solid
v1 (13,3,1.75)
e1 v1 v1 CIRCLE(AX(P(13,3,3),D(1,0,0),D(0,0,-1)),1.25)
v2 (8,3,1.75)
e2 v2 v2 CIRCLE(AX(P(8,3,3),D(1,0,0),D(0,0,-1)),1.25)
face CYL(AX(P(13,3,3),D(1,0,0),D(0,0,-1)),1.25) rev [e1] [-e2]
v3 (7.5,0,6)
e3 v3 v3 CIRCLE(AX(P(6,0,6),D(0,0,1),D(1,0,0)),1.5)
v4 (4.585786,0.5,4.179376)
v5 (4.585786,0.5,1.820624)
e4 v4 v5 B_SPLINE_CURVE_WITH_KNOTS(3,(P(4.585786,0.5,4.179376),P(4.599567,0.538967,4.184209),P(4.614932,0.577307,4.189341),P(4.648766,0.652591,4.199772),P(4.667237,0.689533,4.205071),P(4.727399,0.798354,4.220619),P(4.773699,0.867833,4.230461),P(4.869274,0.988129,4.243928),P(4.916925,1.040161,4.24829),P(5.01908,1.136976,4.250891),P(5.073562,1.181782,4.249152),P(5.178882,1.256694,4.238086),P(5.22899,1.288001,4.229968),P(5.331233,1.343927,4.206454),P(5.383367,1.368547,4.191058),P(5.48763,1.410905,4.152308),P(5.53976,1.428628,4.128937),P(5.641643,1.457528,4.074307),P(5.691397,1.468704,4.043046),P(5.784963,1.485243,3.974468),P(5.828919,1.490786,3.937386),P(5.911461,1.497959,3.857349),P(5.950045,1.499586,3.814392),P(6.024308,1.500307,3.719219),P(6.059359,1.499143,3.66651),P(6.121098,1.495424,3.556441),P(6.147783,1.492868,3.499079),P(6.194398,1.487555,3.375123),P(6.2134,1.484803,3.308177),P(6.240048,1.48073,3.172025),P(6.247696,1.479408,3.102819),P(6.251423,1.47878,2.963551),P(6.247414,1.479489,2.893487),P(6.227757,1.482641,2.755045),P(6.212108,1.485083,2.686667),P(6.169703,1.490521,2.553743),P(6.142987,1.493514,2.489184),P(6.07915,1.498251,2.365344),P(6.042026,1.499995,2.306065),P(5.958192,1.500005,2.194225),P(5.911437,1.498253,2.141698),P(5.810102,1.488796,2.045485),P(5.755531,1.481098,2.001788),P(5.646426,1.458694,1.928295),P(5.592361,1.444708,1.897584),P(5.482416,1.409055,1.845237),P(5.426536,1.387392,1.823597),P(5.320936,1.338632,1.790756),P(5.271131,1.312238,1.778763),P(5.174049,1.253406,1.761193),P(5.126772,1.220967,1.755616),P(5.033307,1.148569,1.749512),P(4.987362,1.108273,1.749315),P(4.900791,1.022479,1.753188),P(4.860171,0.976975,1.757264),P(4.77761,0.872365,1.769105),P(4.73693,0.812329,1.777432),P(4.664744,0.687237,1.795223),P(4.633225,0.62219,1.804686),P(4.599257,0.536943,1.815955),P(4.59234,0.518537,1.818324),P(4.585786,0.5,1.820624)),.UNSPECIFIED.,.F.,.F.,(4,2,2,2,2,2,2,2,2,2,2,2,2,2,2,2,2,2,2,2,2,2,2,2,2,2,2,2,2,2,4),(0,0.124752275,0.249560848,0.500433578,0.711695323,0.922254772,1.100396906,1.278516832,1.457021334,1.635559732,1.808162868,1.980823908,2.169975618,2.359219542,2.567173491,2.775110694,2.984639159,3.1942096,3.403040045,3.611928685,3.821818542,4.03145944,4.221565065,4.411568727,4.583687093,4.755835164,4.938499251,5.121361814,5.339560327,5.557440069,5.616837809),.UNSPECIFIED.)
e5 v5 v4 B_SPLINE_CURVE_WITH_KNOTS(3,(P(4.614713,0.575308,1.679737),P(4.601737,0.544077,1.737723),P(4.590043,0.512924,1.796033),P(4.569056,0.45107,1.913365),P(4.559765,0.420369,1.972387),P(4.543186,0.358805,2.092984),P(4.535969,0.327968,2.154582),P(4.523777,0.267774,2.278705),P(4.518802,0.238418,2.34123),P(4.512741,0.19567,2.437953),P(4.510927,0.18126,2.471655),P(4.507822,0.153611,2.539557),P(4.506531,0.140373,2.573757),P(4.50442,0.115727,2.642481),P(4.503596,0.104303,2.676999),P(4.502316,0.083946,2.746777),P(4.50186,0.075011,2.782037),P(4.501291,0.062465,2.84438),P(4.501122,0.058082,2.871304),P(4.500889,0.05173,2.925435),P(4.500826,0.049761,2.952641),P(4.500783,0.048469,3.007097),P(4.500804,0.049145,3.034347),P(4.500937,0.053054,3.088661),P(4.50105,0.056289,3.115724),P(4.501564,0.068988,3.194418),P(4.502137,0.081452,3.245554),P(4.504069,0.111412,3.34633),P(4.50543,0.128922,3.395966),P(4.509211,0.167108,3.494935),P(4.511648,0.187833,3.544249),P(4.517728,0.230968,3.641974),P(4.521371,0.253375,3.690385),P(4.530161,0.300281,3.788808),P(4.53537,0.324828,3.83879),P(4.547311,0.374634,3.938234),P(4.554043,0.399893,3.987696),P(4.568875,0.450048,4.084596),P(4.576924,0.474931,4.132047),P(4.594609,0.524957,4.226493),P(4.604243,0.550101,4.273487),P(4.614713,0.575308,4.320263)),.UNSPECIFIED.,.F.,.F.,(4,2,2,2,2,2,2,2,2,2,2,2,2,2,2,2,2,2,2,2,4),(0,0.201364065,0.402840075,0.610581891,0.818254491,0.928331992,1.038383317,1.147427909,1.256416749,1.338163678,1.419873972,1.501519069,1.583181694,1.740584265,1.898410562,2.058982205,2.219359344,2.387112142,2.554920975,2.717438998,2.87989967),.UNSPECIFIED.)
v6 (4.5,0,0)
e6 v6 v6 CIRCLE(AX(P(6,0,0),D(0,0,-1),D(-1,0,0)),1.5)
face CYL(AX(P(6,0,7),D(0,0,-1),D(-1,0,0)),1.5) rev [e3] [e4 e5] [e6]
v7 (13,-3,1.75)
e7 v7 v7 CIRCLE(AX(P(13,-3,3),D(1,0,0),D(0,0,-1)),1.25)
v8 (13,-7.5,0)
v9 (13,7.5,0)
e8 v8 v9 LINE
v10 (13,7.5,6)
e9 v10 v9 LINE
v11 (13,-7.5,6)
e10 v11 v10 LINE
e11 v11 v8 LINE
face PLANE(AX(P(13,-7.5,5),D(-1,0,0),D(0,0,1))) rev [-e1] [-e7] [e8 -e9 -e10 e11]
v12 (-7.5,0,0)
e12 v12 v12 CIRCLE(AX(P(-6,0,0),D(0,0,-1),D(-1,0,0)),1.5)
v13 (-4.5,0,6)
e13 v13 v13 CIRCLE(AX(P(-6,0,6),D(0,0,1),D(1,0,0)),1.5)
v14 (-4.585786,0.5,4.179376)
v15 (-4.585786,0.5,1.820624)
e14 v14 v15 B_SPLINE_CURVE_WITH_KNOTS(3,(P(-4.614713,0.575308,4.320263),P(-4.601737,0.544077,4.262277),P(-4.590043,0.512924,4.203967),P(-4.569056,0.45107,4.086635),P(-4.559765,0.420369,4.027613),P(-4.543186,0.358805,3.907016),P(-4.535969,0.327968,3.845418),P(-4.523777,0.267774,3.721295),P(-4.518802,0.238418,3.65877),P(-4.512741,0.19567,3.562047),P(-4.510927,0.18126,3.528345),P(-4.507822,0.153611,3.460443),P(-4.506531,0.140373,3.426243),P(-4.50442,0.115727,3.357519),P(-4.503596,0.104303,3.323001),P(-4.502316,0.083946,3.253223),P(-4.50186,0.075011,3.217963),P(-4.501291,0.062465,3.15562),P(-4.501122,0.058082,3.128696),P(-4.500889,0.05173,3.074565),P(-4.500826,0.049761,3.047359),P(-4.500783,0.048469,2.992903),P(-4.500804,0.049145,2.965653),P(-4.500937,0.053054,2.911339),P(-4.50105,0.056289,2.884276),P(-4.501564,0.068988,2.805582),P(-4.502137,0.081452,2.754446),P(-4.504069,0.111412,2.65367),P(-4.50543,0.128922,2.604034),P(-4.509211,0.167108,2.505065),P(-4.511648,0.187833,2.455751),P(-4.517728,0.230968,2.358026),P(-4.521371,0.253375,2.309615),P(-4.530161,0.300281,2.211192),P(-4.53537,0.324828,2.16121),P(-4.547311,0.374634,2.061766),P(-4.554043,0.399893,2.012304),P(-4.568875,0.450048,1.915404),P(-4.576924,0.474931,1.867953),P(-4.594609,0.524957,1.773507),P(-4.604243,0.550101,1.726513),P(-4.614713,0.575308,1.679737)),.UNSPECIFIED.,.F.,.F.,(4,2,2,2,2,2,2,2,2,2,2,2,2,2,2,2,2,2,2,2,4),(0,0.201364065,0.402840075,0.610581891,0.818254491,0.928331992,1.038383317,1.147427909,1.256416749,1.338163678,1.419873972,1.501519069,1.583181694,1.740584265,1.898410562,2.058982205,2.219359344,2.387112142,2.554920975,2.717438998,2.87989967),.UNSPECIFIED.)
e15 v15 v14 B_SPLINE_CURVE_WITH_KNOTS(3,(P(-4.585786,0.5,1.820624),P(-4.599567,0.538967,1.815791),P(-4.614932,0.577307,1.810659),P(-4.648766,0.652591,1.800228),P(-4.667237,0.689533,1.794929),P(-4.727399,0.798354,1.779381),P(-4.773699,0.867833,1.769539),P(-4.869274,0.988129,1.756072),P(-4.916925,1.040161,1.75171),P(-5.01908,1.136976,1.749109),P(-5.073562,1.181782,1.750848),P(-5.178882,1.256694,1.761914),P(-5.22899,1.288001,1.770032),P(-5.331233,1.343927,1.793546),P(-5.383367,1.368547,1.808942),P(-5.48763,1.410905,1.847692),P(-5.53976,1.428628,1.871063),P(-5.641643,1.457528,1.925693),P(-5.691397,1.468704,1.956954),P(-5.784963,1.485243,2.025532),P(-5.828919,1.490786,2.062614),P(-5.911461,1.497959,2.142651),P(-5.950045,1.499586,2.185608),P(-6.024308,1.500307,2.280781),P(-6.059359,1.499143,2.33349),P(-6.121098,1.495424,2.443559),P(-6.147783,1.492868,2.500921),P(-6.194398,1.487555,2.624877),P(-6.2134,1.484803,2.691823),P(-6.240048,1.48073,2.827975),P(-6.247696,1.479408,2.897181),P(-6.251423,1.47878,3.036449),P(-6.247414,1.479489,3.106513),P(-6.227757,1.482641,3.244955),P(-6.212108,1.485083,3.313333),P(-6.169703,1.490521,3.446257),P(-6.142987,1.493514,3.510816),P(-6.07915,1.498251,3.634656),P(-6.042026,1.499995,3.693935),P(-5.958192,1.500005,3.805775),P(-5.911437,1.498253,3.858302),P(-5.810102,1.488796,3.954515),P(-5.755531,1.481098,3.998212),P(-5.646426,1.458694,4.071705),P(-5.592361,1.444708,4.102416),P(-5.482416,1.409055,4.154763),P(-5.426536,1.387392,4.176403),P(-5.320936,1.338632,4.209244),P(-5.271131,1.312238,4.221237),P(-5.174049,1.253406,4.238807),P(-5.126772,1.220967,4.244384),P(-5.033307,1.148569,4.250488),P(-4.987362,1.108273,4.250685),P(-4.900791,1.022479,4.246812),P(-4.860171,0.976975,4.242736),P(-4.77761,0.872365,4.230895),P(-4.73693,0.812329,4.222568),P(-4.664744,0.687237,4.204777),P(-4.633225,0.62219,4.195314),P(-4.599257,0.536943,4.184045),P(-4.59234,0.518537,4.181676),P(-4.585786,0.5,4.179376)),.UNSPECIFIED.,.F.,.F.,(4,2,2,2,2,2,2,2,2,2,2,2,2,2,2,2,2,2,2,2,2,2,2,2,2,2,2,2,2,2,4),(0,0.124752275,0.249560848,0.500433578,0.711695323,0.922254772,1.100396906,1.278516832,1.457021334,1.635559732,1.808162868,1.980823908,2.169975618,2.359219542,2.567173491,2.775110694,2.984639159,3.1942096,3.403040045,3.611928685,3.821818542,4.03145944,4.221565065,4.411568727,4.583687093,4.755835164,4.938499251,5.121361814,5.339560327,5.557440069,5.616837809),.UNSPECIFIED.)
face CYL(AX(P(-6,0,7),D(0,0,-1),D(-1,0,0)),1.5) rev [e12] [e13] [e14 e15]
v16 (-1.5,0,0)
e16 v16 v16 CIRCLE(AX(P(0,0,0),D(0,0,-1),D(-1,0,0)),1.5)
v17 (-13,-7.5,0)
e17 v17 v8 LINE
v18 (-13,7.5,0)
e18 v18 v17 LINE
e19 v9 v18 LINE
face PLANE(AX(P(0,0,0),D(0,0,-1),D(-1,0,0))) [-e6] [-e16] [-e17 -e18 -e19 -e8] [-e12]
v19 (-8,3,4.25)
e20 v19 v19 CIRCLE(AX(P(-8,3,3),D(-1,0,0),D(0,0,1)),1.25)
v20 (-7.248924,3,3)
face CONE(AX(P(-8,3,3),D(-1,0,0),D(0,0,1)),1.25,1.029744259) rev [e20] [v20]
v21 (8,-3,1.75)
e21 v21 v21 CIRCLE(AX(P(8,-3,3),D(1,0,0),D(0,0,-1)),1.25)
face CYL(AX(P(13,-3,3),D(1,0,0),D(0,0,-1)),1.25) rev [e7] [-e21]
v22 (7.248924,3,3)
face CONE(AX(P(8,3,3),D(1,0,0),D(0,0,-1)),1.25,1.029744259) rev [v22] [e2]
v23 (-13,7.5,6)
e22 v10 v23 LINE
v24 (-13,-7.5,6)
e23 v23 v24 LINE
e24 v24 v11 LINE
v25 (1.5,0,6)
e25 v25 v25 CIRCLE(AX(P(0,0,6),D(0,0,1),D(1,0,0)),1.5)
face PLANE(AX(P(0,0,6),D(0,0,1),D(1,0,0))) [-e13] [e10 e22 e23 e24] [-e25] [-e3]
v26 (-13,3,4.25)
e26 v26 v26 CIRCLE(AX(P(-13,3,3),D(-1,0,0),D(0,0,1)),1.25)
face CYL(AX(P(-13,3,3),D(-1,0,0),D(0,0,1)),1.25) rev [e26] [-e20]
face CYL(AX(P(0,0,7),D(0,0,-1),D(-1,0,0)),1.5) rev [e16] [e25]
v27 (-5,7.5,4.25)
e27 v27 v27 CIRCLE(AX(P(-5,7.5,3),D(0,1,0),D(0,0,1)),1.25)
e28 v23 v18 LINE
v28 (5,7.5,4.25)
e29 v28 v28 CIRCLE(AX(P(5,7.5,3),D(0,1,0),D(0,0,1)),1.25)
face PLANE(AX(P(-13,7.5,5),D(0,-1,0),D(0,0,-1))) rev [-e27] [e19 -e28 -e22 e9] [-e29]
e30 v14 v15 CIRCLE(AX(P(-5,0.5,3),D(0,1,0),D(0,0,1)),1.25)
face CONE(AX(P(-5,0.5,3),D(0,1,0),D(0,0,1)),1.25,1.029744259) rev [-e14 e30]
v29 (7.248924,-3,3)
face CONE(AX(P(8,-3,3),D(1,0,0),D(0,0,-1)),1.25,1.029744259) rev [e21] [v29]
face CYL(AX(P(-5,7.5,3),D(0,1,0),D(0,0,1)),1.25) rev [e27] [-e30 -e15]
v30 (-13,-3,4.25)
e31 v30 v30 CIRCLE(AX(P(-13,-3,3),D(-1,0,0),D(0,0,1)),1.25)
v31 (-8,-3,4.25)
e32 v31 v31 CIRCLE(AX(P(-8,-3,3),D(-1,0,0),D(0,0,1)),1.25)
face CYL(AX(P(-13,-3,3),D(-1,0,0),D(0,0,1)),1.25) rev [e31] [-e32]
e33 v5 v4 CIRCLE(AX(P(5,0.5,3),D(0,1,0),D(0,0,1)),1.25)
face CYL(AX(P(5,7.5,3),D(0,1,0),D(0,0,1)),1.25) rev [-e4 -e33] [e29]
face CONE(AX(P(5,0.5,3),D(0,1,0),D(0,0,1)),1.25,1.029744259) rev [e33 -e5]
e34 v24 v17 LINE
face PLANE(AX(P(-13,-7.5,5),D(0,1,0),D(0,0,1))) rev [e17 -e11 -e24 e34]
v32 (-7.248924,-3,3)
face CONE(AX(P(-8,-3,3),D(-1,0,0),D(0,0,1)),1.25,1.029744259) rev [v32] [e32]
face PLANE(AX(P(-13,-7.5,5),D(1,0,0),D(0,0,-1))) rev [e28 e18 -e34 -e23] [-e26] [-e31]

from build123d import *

# Parameters (mm, degrees)
SKETCH_1_W                  = 26
SKETCH_1_H                  = 15
EXTRUDE_1_DEPTH             = 5
SKETCH_2_W                  = 26
SKETCH_2_H                  = 15
EXTRUDE_2_DEPTH             = 1
HOLE_WIZARD_M3_1_AT_2_COUNT = 2
HOLE_WIZARD_M3_1_AT_2_PITCH = 6
SKETCH_5_R                  = 1.5
CUT_EXTRUDE_1_DEPTH         = 7
HOLE_WIZARD_M3_2_D          = 2.5
HOLE_WIZARD_M3_2_DEPTH      = 7
HOLE_WIZARD_M3_2_TIP        = 0.751075774


with BuildPart() as part:
    # 草图1 → 凸台-拉伸1 (new body)
    with BuildSketch(Plane.XY):
        Rectangle(SKETCH_1_W, SKETCH_1_H)
    extrude(amount=EXTRUDE_1_DEPTH)

    # 草图2 → 凸台-拉伸2 (add)
    with BuildSketch(Plane.XY.offset(5)):
        Rectangle(SKETCH_2_W, SKETCH_2_H)
    extrude(amount=EXTRUDE_2_DEPTH)

    # 草图4 → M3 螺纹孔1 (revolve, cut)
    with BuildSketch(Plane(origin=(-13, -3, 3), x_dir=(0, 0, 1), z_dir=(0, 1, 0))):
        Polygon((0, 0), (0, 5.751075774), (1.25, 5), (1.25, 0), align=None)
    hole_wizard_m3_1 = revolve(axis=Axis((-19.35, -3, 3), (1, 0, 0)), mode=Mode.SUBTRACT)

    # M3 螺纹孔1 at 2: M3 螺纹孔1 ×2
    with Locations(*[(0, i * HOLE_WIZARD_M3_1_AT_2_PITCH, 0) for i in range(1, HOLE_WIZARD_M3_1_AT_2_COUNT)]):
        add(hole_wizard_m3_1, mode=Mode.SUBTRACT)

    # 镜向1: M3 螺纹孔1 across plane
    add(hole_wizard_m3_1.mirror(Plane(origin=(0, 0, 0), x_dir=(0, 0, 1), z_dir=(1, 0, 0))), mode=Mode.SUBTRACT)

    # 镜向1 copy 1 sketch → 镜向1 copy 1 (revolve, cut)
    with BuildSketch(Plane(origin=(13, 3, 3), x_dir=(0, 0, 1), z_dir=(0, 1, 0))):
        Polygon((0, 0), (0, -5.751075774), (1.25, -5), (1.25, 0), align=None)
    revolve(axis=Axis((19.35, 3, 3), (1, 0, 0)), mode=Mode.SUBTRACT)

    # 草图5 → 切除-拉伸1 (cut)
    with BuildSketch(Plane(origin=(0, 0, 0), x_dir=(-1, 0, 0), z_dir=(0, 0, -1))):
        with Locations((6, 0)):
            Circle(SKETCH_5_R)
        Circle(SKETCH_5_R)
        with Locations((-6, 0)):
            Circle(SKETCH_5_R)
    extrude(amount=-CUT_EXTRUDE_1_DEPTH, mode=Mode.SUBTRACT)

    # M3 螺纹孔2
    with Locations(Plane(origin=(5, 7.5, 3), x_dir=(0, 0, 1), z_dir=(0, 1, 0))):
        with Locations((0, 0), (0, -10)):
            Hole(HOLE_WIZARD_M3_2_D / 2, depth=HOLE_WIZARD_M3_2_DEPTH)
            with Locations((0, 0, -(HOLE_WIZARD_M3_2_DEPTH + HOLE_WIZARD_M3_2_TIP / 2))):  # 118° drill point
                Cone(0, HOLE_WIZARD_M3_2_D / 2, HOLE_WIZARD_M3_2_TIP, mode=Mode.SUBTRACT)


solid = part.part
